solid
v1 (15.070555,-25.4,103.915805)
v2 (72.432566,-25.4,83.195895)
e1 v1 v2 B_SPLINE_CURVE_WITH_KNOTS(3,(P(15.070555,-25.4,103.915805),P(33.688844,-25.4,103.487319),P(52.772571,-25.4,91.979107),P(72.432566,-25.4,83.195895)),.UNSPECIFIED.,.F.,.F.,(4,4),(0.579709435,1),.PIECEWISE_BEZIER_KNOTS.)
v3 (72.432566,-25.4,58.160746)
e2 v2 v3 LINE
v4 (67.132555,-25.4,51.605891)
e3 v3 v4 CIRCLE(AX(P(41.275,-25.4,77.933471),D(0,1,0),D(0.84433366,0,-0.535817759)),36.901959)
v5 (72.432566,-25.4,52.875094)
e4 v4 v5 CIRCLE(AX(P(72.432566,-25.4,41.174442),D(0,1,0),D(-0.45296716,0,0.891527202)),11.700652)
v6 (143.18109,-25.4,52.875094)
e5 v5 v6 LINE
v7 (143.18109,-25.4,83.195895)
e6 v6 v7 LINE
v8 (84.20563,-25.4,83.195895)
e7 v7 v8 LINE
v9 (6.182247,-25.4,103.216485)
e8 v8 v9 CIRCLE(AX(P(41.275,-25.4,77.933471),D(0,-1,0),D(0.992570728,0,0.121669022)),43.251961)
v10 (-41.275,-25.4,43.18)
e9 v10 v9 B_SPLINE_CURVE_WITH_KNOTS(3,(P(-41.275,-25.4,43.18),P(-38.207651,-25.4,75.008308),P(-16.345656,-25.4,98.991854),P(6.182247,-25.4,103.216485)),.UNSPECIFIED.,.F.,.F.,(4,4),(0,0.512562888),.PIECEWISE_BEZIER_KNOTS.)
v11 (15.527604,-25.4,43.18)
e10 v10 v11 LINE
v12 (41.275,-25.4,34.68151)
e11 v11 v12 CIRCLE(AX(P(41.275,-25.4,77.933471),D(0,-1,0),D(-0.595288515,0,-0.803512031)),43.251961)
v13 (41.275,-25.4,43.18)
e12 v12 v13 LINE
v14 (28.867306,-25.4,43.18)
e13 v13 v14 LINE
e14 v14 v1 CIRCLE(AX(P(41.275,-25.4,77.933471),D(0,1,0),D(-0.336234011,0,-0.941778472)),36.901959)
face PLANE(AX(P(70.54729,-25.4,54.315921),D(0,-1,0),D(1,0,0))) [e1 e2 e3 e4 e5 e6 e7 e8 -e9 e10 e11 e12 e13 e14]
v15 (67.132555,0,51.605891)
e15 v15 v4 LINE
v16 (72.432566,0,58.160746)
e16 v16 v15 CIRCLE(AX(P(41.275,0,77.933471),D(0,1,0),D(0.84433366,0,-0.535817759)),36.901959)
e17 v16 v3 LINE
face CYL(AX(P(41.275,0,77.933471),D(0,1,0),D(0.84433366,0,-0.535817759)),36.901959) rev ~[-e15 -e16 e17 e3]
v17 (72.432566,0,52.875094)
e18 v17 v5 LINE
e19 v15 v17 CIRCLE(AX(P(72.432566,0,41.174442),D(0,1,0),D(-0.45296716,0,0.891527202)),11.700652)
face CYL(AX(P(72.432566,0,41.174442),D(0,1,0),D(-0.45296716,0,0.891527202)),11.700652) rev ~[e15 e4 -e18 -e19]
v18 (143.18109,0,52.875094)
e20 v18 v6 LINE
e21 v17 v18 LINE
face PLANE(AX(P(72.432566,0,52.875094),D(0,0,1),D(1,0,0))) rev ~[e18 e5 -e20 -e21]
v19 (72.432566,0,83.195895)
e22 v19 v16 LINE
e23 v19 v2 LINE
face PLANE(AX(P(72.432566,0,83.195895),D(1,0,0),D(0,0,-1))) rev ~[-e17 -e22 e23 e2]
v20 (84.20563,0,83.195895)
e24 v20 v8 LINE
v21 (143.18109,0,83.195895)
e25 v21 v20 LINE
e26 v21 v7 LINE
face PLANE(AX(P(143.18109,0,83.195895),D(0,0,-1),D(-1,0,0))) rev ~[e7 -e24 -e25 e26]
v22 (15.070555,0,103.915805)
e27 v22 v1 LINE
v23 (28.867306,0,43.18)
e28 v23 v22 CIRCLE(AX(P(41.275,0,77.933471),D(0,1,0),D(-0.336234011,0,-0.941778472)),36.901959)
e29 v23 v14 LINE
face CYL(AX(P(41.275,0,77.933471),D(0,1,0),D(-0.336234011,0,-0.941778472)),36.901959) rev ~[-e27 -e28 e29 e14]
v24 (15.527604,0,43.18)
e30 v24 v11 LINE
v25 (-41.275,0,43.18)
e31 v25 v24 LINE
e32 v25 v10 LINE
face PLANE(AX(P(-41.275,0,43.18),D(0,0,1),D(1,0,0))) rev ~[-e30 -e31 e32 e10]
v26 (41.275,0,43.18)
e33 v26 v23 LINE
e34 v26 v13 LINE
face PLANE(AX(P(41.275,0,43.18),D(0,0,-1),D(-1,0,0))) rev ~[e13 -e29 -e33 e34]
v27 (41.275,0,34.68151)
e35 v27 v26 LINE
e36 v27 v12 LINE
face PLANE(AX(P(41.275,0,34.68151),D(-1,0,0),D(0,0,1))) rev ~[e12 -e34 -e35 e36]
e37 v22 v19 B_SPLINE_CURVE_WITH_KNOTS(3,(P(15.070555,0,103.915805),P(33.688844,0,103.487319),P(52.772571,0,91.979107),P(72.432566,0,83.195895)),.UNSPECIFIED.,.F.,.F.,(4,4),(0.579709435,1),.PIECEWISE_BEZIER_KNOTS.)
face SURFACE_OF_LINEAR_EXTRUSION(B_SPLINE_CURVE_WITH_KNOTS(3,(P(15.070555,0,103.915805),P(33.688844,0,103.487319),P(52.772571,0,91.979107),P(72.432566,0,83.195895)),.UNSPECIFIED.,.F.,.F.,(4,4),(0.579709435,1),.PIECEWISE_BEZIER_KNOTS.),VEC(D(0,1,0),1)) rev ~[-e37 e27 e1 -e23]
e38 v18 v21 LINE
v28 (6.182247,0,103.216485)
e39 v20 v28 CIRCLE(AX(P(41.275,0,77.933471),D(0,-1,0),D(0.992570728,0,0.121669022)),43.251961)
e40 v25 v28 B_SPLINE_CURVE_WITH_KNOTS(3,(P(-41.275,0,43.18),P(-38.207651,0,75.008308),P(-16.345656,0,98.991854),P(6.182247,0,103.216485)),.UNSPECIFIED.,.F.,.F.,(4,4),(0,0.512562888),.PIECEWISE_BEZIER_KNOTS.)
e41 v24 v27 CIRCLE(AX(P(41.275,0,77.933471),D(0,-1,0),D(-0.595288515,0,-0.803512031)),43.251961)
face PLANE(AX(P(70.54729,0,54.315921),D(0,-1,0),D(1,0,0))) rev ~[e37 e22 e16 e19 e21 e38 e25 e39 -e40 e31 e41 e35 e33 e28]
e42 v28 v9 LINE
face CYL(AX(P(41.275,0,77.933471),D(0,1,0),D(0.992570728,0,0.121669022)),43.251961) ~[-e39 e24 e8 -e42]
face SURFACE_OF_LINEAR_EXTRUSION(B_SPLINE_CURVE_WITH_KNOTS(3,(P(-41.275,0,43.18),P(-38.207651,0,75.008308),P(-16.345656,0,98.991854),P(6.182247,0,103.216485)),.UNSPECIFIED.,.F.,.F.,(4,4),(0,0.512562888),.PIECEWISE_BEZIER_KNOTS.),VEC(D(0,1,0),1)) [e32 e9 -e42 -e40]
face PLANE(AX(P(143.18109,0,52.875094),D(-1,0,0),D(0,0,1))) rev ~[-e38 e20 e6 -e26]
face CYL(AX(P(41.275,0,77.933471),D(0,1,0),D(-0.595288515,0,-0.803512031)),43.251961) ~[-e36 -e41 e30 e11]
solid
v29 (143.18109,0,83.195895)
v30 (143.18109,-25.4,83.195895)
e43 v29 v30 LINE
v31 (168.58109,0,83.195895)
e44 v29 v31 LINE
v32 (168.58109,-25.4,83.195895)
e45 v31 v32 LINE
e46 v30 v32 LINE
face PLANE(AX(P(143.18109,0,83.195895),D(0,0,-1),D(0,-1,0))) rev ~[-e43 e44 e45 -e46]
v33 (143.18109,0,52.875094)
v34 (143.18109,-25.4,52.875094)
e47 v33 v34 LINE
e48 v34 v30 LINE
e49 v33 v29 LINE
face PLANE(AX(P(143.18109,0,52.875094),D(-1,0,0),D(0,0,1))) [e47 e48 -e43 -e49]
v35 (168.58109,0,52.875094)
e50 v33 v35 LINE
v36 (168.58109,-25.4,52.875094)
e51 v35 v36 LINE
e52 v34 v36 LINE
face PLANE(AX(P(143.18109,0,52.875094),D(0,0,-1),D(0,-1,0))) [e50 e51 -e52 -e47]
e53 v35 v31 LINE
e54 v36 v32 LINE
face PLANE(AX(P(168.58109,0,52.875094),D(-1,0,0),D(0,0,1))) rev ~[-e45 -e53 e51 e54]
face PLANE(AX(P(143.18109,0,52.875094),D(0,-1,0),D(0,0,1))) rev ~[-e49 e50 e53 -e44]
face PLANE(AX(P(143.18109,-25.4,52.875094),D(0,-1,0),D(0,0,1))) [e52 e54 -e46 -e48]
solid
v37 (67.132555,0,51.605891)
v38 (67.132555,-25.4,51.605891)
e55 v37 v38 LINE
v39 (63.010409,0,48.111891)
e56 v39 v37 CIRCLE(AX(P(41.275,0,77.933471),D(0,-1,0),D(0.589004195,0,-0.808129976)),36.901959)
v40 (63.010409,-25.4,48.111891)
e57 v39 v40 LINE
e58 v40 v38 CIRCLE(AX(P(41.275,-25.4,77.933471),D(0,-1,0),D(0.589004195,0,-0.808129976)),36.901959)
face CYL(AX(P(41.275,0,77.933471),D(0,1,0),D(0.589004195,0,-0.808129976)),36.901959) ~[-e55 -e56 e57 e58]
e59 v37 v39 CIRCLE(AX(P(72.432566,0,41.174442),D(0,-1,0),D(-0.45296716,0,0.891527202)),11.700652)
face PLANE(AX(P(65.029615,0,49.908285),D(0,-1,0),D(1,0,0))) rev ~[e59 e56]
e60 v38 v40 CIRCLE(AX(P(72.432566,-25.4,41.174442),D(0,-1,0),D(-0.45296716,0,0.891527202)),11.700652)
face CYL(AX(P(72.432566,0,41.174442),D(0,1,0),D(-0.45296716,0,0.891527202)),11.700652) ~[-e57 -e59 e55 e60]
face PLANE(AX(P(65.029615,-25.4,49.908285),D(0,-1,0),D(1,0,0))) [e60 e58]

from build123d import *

# Parameters (mm, degrees)
F1_DEPTH = 25.4
F2_DEPTH = 25.4


with BuildPart() as f1:
    # F0 (on Front) → F1 (new body)
    with BuildSketch(Plane.XZ):
        with BuildLine():
            Line((72.4325664917, 52.87509395), (72.4325664917, 58.1607457576))
            ThreePointArc((72.4325664917, 58.1607457576), (69.9703403735, 54.7314871619), (67.1325553807, 51.6058914894))
            ThreePointArc((67.1325553807, 51.6058914894), (69.7076356365, 52.5533702418), (72.4325664917, 52.87509395))
        make_face()
        with BuildLine():
            ThreePointArc((28.867306155, 43.18), (34.9788331249, 41.5726006065), (41.275, 41.0315115251))
            Line((41.275, 41.0315115251), (41.275, 43.18))
            Line((41.275, 43.18), (28.867306155, 43.18))
        make_face()
        with BuildLine():
            Line((143.1810904025, 83.195894794), (84.2056303826, 83.195894794))
            ThreePointArc((84.2056303826, 83.195894794), (83.2038401711, 67.3172338588), (76.5285086007, 52.87509395))
            Line((76.5285086007, 52.87509395), (143.1810904025, 52.87509395))
            Line((143.1810904025, 52.87509395), (143.1810904025, 83.195894794))
        make_face()
        with BuildLine():
            add(Edge.make_bspline(
                [(-41.275, 43.18), (-38.2076507558, 75.0083079933), (-16.3456564999, 98.9918539738), (6.1822470816, 103.2164854954)],
                knots=[0, 0, 0, 0, 0.5125628883, 0.5125628883, 0.5125628883, 0.5125628883], degree=3))
            Line((-41.275, 43.18), (15.5276043564, 43.18))
            ThreePointArc((15.5276043564, 43.18), (-1.4622883665, 71.2809292123), (6.1822470816, 103.2164854954))
        make_face()
        with BuildLine():
            ThreePointArc((72.4325664917, 58.1607457576), (77.3570673495, 70.1979019154), (77.7998067643, 83.195894794))
            Line((77.7998067643, 83.195894794), (72.4325664917, 83.195894794))
            Line((72.4325664917, 83.195894794), (72.4325664917, 58.1607457576))
        make_face()
        with BuildLine():
            ThreePointArc((77.7998067643, 83.195894794), (52.8489424191, 112.9734263429), (15.0705554815, 103.9158054019))
            add(Edge.make_bspline(
                [(15.0705554815, 103.9158054019), (33.6888435037, 103.4873186987), (52.7725714881, 91.9791068), (72.4325664917, 83.195894794)],
                knots=[0.5797094346, 0.5797094346, 0.5797094346, 0.5797094346, 1, 1, 1, 1], degree=3))
            Line((72.4325664917, 83.195894794), (77.7998067643, 83.195894794))
        make_face()
        with BuildLine():
            ThreePointArc((15.5276043564, 43.18), (27.7181501223, 36.8610477658), (41.275, 34.6815100165))
            Line((41.275, 34.6815100165), (41.275, 41.0315115251))
            ThreePointArc((41.275, 41.0315115251), (34.9788331249, 41.5726006065), (28.867306155, 43.18))
            Line((28.867306155, 43.18), (15.5276043564, 43.18))
        make_face()
        with BuildLine():
            ThreePointArc((6.1822470816, 103.2164854954), (-1.4622883665, 71.2809292123), (15.5276043564, 43.18))
            Line((15.5276043564, 43.18), (28.867306155, 43.18))
            ThreePointArc((28.867306155, 43.18), (5.2898110786, 69.7590724553), (15.0705554815, 103.9158054019))
            add(Edge.make_bspline(
                [(6.1822470816, 103.2164854954), (9.1334379611, 103.769918884), (12.0960567855, 103.9842613813), (15.0705554815, 103.9158054019)],
                knots=[0.5125628883, 0.5125628883, 0.5125628883, 0.5125628883, 0.5797094346, 0.5797094346, 0.5797094346, 0.5797094346], degree=3))
        make_face()
        with BuildLine():
            ThreePointArc((84.2056303826, 83.195894794), (52.0250741297, 119.8281966308), (6.1822470816, 103.2164854954))
            add(Edge.make_bspline(
                [(6.1822470816, 103.2164854954), (9.1334379611, 103.769918884), (12.0960567855, 103.9842613813), (15.0705554815, 103.9158054019)],
                knots=[0.5125628883, 0.5125628883, 0.5125628883, 0.5125628883, 0.5797094346, 0.5797094346, 0.5797094346, 0.5797094346], degree=3))
            ThreePointArc((15.0705554815, 103.9158054019), (52.8489424191, 112.9734263429), (77.7998067643, 83.195894794))
            Line((77.7998067643, 83.195894794), (84.2056303826, 83.195894794))
        make_face()
        with BuildLine():
            ThreePointArc((76.5285086007, 52.87509395), (83.2038401711, 67.3172338588), (84.2056303826, 83.195894794))
            Line((84.2056303826, 83.195894794), (77.7998067643, 83.195894794))
            ThreePointArc((77.7998067643, 83.195894794), (77.3570673495, 70.1979019154), (72.4325664917, 58.1607457576))
            Line((72.4325664917, 58.1607457576), (72.4325664917, 52.87509395))
            Line((72.4325664917, 52.87509395), (76.5285086007, 52.87509395))
        make_face()
    extrude(amount=F1_DEPTH)


with BuildPart() as f1b:
    # F0 (on Front) → F1, piece 2 (new body)
    with BuildSketch(Plane.XZ):
        with BuildLine():
            ThreePointArc((63.0104089466, 48.1118913796), (65.1355233085, 49.7833370645), (67.1325553807, 51.6058914894))
            ThreePointArc((67.1325553807, 51.6058914894), (64.8670148478, 50.1001175909), (63.0104089466, 48.1118913796))
        make_face()
    extrude(amount=F1_DEPTH)


with BuildPart() as f2:
    # F2 (new): a face of the model
    f2_faces = [f1.part.faces().sort_by_distance(p)[0] for p in [
        (143.1810904025, -12.7, 68.035494372),
    ]]
    extrude(f2_faces, amount=F2_DEPTH)


solid = Compound([f1.part, f1b.part, f2.part])
